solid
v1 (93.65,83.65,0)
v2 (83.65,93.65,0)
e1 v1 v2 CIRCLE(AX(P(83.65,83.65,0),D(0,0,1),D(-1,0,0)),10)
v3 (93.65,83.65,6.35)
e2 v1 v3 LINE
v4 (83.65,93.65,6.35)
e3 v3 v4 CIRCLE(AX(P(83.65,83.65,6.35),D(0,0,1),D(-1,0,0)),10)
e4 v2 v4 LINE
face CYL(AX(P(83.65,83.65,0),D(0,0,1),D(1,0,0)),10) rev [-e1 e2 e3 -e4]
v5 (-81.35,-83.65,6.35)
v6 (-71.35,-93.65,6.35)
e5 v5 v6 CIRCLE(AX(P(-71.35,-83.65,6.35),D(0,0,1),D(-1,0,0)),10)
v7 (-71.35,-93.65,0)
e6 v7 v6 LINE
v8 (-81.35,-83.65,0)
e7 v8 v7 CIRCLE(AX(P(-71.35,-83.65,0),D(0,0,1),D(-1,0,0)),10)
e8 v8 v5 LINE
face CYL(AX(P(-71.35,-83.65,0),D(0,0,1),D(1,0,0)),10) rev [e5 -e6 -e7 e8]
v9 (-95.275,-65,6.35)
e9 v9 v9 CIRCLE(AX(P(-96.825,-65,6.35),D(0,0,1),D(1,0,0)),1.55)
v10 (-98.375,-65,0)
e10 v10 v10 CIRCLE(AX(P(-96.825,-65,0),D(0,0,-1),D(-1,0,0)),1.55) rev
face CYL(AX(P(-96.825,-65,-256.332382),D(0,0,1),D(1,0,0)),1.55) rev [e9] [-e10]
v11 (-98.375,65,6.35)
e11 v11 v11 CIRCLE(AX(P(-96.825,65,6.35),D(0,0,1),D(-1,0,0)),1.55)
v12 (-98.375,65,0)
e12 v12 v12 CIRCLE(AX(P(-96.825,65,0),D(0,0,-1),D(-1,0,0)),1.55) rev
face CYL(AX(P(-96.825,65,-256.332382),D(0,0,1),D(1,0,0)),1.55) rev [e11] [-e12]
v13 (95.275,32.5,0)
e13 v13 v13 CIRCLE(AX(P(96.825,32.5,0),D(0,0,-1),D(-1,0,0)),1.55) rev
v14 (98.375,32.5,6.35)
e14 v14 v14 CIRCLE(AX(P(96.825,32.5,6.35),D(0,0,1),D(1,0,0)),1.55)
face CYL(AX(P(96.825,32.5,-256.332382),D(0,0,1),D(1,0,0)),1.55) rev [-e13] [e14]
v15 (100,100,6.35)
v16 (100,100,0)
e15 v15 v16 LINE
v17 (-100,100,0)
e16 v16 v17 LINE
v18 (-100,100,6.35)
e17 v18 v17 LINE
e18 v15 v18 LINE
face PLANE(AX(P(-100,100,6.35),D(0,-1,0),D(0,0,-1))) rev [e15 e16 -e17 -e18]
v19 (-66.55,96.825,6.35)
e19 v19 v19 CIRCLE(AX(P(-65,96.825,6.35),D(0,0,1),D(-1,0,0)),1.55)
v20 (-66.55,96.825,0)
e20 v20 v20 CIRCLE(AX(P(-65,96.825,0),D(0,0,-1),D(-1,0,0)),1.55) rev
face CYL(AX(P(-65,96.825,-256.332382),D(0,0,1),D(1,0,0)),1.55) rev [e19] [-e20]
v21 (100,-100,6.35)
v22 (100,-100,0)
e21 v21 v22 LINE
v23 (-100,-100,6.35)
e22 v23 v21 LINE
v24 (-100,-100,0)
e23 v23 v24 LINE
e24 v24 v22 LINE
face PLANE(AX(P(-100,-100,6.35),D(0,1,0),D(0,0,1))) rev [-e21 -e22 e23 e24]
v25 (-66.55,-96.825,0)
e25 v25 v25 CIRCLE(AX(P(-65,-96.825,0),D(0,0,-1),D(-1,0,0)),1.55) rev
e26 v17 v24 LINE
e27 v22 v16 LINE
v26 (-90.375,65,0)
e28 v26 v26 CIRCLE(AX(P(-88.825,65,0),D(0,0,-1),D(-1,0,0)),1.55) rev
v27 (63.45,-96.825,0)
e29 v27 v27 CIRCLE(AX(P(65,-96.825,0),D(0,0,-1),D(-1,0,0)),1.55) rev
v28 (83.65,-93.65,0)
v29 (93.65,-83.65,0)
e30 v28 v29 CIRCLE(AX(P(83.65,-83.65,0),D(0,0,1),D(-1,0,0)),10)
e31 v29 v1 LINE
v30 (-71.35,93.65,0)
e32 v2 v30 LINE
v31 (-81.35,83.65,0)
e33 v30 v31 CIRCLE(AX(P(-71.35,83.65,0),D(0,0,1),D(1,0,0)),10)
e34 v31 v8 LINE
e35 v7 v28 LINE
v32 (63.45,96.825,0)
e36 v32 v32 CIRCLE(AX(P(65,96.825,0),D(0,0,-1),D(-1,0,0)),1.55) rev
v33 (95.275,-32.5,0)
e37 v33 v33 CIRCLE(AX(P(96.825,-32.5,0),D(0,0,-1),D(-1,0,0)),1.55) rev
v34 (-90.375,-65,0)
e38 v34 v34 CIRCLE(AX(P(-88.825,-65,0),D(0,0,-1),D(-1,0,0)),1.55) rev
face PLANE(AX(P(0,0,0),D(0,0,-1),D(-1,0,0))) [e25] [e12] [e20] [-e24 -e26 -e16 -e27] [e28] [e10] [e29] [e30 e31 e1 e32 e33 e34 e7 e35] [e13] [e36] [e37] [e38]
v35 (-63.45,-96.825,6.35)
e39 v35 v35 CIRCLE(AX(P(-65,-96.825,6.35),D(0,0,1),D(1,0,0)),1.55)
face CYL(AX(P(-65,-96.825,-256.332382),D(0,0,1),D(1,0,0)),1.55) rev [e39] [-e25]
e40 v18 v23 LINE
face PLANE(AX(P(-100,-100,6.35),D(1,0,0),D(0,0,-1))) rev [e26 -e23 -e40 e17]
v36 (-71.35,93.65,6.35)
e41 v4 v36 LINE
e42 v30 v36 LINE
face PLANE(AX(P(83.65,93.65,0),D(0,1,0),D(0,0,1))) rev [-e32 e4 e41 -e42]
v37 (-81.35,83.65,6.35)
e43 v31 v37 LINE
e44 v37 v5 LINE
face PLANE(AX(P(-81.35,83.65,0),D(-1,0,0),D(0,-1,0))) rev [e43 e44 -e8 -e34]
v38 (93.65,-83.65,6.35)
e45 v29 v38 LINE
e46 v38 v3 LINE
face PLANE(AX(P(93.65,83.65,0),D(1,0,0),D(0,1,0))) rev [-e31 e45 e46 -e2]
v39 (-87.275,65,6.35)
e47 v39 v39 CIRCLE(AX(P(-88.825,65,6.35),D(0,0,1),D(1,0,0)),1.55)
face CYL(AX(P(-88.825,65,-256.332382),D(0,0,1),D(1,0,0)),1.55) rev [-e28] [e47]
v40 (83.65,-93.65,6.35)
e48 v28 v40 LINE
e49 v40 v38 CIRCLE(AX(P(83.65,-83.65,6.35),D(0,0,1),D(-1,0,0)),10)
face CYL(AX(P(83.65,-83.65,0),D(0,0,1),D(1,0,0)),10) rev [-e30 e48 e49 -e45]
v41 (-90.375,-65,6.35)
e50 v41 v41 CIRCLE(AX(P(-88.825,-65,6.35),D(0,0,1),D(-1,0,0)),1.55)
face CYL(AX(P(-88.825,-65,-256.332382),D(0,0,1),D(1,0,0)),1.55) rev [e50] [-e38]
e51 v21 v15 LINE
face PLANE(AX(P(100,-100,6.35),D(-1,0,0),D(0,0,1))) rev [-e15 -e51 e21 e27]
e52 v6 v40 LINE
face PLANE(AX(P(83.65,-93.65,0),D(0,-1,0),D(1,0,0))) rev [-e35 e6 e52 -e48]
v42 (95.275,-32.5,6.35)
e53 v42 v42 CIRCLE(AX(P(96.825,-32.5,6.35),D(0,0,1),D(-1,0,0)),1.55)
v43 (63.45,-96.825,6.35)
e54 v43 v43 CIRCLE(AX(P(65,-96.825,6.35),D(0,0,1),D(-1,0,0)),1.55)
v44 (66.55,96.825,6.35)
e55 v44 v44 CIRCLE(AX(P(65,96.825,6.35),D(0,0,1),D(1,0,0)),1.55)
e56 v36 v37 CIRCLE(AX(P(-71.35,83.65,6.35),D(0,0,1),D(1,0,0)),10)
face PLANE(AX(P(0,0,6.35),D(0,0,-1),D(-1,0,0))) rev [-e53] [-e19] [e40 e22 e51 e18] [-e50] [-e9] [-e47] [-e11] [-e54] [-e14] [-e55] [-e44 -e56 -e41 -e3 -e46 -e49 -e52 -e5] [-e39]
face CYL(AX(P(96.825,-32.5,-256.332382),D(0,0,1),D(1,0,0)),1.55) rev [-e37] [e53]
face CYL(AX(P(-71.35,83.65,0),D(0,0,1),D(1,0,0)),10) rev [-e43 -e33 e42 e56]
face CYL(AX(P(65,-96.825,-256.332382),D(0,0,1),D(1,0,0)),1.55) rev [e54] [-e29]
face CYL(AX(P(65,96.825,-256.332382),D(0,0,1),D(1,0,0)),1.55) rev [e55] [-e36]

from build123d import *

# Parameters (mm, degrees)
SKETCH1_W           = 200
SKETCH1_H           = 200
BOSS_EXTRUDE1_DEPTH = 6.35
CUT_EXTRUDE1_DEPTH  = 6.35
SKETCH3_R           = 1.55
CUT_EXTRUDE2_DEPTH  = 6.35


with BuildPart() as part:
    # Sketch1 → Boss-Extrude1 (new body)
    with BuildSketch(Plane.XY):
        Rectangle(SKETCH1_W, SKETCH1_H)
    extrude(amount=BOSS_EXTRUDE1_DEPTH)

    # Sketch2 → Cut-Extrude1 (cut)
    with BuildSketch(Plane.XY.offset(6.35)):
        with BuildLine():
            Line((83.65, 93.65), (-71.35, 93.65))
            ThreePointArc((-71.35, 93.65), (-78.421067812, 90.721067812), (-81.35, 83.65))
            Line((-81.35, 83.65), (-81.35, -83.65))
            ThreePointArc((-81.35, -83.65), (-78.421067812, -90.721067812), (-71.35, -93.65))
            Line((-71.35, -93.65), (83.65, -93.65))
            ThreePointArc((83.65, -93.65), (90.721067812, -90.721067812), (93.65, -83.65))
            Line((93.65, -83.65), (93.65, 83.65))
            ThreePointArc((93.65, 83.65), (90.721067812, 90.721067812), (83.65, 93.65))
        make_face()
    extrude(amount=-CUT_EXTRUDE1_DEPTH, mode=Mode.SUBTRACT)

    # Sketch3 → Cut-Extrude2 (cut)
    with BuildSketch(Plane.XY.offset(6.35)):
        with Locations((-65, -96.825)):
            Circle(SKETCH3_R)
        with Locations((65, -96.825)):
            Circle(SKETCH3_R)
        with Locations((65, 96.825)):
            Circle(SKETCH3_R)
        with Locations((-65, 96.825)):
            Circle(SKETCH3_R)
        with Locations((96.825, 32.5)):
            Circle(SKETCH3_R)
        with Locations((96.825, -32.5)):
            Circle(SKETCH3_R)
        with Locations((-96.825, 65)):
            Circle(SKETCH3_R)
        with Locations((-88.825, 65)):
            Circle(SKETCH3_R)
        with Locations((-96.825, -65)):
            Circle(SKETCH3_R)
        with Locations((-88.825, -65)):
            Circle(SKETCH3_R)
        with BuildLine():
            Line((93.65, -83.65), (93.65, 83.65))
            ThreePointArc((93.65, 83.65), (90.721067812, 90.721067812), (83.65, 93.65))
            Line((83.65, 93.65), (-71.35, 93.65))
            ThreePointArc((-71.35, 93.65), (-78.421067812, 90.721067812), (-81.35, 83.65))
            Line((-81.35, 83.65), (-81.35, -83.65))
            ThreePointArc((-81.35, -83.65), (-78.421067812, -90.721067812), (-71.35, -93.65))
            Line((-71.35, -93.65), (83.65, -93.65))
            ThreePointArc((83.65, -93.65), (90.721067812, -90.721067812), (93.65, -83.65))
        make_face()
    extrude(amount=-CUT_EXTRUDE2_DEPTH, mode=Mode.SUBTRACT)


solid = part.part
